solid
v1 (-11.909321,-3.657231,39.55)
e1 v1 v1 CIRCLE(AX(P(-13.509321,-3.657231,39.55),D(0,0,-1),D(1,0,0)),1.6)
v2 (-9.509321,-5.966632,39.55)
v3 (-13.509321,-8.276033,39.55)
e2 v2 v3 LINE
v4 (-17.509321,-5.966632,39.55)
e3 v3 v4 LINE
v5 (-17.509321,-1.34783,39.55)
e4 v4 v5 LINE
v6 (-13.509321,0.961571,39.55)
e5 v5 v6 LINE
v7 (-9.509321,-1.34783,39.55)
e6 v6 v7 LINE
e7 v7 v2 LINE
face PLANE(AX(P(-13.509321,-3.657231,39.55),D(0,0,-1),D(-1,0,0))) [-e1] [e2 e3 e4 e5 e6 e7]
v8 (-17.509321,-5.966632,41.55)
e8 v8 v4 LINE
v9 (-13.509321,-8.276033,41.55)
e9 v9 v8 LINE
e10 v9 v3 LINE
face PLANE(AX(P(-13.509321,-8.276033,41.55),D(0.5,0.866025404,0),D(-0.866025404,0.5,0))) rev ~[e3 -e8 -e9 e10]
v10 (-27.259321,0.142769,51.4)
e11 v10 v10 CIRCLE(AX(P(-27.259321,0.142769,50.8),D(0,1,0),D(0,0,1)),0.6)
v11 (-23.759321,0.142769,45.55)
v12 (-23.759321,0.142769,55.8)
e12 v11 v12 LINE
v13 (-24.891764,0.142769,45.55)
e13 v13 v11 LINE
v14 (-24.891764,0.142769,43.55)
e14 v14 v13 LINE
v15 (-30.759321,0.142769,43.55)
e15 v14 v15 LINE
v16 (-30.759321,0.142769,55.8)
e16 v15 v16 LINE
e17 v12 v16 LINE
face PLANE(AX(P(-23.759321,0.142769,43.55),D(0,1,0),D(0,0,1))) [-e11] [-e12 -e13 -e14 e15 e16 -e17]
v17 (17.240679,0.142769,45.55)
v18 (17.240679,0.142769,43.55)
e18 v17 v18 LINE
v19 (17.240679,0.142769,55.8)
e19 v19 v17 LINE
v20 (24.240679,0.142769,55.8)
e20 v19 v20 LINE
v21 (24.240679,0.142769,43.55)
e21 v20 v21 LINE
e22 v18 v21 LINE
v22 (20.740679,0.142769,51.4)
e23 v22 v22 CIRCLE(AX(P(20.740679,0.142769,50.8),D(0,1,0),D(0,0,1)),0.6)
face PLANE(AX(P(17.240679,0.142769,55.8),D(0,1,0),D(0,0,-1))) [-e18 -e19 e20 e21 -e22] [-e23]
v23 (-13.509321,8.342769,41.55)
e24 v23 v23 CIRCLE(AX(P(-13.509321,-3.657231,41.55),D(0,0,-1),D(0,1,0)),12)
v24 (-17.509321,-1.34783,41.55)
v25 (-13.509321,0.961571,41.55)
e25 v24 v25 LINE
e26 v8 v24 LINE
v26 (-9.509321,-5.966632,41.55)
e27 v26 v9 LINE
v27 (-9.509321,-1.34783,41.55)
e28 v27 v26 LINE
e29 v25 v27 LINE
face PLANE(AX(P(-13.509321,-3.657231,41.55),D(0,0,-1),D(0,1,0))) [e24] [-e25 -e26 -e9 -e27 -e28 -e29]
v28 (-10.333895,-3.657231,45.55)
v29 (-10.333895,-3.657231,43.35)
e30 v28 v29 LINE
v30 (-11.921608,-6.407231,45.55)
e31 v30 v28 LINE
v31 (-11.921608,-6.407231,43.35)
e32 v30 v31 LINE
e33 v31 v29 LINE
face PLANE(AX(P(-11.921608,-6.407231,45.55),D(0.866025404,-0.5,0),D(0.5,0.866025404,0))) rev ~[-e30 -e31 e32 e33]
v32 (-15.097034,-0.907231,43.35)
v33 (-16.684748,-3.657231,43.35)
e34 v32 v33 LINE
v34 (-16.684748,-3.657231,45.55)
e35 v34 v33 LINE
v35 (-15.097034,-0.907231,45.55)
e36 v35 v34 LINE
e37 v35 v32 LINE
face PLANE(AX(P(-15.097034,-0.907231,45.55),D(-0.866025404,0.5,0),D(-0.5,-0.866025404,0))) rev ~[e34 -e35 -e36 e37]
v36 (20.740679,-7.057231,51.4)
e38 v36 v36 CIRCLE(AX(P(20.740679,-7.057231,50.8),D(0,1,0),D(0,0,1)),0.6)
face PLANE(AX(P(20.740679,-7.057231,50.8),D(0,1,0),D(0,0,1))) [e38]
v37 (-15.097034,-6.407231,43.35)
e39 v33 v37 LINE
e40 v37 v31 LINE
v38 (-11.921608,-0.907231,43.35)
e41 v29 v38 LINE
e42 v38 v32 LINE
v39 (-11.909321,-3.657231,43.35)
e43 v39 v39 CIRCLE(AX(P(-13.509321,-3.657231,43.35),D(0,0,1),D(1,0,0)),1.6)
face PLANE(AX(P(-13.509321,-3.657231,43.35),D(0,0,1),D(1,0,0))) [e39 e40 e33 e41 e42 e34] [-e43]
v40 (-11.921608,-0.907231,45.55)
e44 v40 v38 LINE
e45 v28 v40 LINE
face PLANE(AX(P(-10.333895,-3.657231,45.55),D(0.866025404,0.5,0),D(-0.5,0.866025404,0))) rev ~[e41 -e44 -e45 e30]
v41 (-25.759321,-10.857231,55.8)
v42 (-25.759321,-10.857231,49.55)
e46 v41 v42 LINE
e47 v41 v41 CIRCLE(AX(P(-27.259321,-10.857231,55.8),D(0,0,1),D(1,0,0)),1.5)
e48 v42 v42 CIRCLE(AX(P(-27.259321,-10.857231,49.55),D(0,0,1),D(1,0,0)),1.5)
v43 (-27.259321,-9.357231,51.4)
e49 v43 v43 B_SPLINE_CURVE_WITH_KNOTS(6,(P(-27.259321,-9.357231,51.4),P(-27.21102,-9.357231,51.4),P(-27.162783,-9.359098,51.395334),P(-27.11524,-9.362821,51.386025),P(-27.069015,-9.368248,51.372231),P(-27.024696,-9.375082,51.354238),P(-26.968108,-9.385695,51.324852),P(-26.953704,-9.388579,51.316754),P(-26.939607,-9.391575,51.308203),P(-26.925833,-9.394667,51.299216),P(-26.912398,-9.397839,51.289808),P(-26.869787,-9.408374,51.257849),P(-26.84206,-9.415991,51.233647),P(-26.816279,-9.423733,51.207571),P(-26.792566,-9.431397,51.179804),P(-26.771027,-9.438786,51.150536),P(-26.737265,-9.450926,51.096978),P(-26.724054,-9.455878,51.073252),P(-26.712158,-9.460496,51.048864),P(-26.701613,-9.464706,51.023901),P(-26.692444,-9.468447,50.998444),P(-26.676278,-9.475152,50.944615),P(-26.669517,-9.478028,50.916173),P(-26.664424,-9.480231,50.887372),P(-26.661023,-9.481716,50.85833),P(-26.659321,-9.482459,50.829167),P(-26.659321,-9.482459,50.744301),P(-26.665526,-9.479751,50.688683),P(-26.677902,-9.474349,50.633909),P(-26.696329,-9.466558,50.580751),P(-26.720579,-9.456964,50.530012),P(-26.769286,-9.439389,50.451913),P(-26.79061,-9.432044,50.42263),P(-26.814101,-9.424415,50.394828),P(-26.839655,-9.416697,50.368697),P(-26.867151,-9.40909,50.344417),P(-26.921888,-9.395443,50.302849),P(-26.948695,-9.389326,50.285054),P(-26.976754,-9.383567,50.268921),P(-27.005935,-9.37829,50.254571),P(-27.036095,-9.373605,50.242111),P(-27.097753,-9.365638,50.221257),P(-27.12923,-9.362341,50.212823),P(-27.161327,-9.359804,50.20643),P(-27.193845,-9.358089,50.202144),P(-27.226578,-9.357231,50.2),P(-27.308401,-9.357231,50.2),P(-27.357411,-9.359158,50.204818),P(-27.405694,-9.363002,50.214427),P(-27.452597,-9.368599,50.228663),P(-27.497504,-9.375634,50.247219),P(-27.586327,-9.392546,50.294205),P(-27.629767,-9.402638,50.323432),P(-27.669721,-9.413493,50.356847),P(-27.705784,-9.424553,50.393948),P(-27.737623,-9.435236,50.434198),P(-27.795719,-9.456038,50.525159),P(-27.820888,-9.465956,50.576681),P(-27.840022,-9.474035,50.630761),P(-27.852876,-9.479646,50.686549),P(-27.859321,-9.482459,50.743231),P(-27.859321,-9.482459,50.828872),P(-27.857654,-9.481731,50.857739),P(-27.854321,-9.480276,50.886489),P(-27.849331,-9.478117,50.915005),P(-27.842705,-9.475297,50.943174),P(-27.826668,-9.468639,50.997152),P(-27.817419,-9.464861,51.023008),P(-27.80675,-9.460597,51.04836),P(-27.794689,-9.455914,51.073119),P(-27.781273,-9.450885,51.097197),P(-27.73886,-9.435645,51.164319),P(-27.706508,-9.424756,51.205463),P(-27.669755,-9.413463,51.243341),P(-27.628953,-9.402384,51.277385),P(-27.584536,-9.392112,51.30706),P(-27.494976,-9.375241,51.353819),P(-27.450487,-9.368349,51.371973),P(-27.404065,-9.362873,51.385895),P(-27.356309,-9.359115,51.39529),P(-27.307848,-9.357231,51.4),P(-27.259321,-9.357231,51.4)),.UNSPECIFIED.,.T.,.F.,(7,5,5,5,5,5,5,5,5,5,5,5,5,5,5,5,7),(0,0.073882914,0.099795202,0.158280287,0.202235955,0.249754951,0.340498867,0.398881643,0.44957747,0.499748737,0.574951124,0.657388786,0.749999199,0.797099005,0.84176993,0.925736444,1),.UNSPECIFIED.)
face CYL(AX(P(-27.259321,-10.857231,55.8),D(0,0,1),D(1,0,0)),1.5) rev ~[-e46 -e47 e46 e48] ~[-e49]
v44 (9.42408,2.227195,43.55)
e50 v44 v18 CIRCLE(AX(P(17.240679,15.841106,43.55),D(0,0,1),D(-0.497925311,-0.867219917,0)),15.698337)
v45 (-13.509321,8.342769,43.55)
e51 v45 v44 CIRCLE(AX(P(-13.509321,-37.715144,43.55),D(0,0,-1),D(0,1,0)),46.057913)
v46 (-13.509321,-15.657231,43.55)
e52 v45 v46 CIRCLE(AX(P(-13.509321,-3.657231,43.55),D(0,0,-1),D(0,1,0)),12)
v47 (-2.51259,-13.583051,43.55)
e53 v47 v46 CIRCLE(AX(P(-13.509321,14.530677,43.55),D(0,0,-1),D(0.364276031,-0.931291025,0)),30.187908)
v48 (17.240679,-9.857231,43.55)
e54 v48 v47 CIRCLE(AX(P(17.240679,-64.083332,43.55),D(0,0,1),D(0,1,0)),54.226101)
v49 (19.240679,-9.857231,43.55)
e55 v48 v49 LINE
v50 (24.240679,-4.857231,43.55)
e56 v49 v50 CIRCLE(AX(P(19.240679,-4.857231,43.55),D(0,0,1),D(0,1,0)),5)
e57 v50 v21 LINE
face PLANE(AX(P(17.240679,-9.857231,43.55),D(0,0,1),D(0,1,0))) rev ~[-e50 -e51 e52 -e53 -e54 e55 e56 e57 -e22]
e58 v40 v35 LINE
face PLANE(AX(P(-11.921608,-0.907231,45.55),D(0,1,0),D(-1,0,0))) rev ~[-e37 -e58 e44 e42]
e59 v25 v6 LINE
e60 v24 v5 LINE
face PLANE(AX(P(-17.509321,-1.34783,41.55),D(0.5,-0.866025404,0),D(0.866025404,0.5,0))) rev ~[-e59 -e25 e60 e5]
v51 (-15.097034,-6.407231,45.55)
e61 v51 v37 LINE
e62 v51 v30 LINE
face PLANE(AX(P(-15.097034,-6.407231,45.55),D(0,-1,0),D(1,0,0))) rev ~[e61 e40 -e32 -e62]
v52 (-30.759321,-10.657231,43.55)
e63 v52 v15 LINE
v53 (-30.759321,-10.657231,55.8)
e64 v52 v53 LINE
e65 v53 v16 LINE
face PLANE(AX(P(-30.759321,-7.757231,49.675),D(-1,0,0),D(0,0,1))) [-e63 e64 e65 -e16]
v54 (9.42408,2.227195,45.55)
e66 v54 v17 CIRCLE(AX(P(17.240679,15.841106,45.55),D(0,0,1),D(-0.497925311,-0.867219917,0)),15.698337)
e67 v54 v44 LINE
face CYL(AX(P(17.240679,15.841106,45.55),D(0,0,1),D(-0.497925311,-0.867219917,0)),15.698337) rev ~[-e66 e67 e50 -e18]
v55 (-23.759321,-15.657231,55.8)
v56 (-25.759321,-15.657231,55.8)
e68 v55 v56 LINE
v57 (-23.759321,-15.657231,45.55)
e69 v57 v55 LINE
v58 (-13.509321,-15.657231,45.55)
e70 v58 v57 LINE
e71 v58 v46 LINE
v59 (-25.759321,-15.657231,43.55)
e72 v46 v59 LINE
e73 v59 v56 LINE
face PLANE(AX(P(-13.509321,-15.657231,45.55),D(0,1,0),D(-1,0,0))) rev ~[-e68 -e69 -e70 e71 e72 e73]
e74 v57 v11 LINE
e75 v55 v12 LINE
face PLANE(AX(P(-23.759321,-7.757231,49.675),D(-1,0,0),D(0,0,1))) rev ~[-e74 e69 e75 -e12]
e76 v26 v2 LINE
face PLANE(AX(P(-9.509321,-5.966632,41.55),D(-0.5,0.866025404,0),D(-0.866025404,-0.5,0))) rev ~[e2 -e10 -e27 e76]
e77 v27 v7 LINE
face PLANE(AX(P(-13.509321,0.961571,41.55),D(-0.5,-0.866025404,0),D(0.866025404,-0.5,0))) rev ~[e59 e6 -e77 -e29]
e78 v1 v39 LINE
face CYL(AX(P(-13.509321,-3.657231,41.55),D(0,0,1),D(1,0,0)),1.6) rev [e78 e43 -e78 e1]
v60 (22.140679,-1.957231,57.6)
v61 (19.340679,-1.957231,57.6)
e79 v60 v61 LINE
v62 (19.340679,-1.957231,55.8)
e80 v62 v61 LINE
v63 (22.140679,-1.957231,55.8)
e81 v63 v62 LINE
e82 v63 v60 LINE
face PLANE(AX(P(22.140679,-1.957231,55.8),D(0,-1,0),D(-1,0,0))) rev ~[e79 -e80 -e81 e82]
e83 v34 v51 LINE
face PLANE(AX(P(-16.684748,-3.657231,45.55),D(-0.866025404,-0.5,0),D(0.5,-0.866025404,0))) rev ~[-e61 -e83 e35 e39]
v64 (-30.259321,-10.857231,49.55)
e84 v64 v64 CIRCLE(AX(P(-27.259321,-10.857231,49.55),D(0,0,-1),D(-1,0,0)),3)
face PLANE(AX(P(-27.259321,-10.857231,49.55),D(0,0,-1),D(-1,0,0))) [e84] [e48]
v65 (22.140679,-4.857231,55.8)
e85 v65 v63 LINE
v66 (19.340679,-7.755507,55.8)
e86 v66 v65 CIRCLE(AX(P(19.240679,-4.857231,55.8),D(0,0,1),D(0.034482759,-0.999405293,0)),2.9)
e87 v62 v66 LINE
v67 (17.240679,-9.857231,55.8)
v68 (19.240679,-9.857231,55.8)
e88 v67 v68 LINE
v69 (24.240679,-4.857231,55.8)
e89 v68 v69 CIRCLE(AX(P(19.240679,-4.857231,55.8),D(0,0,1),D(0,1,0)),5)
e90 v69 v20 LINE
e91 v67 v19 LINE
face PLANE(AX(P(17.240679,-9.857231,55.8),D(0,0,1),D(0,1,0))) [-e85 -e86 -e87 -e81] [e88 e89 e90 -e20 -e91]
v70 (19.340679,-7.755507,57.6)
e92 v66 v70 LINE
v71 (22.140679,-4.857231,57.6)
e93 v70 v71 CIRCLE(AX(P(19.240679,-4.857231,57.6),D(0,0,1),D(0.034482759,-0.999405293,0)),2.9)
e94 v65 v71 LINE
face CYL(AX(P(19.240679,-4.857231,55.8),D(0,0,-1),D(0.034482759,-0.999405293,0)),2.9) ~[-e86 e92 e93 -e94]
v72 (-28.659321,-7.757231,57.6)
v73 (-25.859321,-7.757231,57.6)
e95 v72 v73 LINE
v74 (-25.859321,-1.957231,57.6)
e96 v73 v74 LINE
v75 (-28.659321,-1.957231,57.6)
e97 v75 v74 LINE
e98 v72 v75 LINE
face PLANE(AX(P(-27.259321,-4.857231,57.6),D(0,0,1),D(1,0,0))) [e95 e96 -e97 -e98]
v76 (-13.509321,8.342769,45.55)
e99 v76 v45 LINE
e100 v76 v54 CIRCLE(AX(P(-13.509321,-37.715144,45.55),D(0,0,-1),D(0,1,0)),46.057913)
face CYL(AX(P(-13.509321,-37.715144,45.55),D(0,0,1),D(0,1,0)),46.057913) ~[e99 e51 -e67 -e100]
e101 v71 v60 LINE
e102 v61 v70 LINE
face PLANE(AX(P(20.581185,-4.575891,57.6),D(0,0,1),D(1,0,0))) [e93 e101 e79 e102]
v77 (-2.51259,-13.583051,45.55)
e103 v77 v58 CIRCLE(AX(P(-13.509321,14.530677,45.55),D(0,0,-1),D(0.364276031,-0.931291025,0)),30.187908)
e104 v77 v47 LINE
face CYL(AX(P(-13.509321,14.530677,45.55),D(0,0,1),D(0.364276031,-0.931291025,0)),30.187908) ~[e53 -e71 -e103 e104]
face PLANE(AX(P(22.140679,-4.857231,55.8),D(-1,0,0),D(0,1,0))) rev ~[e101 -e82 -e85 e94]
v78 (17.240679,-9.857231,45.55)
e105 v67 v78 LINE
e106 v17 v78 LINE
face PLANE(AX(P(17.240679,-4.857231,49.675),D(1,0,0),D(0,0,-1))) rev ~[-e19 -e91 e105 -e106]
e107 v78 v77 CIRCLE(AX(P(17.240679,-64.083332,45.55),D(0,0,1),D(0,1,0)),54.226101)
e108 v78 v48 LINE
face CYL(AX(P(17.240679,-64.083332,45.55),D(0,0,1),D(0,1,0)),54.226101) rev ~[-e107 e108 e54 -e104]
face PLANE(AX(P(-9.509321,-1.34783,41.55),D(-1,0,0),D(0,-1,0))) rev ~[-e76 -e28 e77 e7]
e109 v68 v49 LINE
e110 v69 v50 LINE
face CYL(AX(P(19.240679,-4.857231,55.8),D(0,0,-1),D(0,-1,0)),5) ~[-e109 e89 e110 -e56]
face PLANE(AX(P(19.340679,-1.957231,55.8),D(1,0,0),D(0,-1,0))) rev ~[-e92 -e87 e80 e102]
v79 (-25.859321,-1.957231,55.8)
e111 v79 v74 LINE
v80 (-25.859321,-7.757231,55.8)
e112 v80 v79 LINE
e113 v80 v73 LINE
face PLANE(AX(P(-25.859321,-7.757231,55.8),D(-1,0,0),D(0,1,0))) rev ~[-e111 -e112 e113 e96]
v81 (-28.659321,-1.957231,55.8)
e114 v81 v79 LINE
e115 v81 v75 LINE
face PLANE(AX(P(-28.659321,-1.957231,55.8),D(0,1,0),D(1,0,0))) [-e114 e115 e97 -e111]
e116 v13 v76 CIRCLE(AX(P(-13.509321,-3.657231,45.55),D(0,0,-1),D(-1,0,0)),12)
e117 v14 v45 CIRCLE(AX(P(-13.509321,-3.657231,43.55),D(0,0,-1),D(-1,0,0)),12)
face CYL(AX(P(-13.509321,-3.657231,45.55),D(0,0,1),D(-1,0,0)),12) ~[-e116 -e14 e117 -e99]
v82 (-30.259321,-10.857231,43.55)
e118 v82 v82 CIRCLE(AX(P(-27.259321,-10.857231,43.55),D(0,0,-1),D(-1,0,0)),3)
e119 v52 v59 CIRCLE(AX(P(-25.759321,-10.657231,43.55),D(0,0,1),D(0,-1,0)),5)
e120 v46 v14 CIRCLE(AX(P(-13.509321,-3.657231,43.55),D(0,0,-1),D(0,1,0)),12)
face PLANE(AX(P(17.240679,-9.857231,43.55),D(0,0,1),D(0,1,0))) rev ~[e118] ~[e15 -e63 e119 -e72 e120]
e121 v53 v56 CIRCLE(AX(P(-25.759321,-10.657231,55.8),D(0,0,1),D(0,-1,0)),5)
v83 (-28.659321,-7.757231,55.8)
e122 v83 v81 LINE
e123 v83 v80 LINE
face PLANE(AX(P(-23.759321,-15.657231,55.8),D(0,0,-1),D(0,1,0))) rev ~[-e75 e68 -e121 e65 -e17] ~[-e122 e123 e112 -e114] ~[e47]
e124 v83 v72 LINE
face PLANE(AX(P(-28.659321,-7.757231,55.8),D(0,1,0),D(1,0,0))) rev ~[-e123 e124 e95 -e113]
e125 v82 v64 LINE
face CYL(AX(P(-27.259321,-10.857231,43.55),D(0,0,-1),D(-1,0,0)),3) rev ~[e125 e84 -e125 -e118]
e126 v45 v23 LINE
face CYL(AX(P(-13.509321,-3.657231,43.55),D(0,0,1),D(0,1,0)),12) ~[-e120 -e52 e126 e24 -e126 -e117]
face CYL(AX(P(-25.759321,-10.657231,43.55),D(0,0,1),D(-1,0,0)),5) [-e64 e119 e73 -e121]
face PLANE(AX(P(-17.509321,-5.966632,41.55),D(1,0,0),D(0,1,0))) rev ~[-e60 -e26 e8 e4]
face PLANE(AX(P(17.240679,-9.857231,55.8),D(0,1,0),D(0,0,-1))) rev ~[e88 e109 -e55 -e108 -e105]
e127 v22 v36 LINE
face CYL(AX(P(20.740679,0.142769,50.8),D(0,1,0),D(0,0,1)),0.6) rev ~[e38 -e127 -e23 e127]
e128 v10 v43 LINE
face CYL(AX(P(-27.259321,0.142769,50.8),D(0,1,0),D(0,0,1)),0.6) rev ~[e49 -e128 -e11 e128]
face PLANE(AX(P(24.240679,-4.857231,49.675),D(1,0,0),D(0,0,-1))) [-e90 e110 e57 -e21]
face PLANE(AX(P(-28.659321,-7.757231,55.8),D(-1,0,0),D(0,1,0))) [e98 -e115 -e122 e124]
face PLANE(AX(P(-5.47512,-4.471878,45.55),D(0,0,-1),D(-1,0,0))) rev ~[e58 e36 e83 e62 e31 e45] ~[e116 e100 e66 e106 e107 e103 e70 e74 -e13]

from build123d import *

# Parameters (mm, degrees)
SALIENTE_EXTRUIR1_DEPTH = 2
CROQUIS2_W              = 12.25
CROQUIS2_H              = 10
SALIENTE_EXTRUIR2_DEPTH = 7
REDONDEO1_R             = 5
CROQUIS3_R              = 0.6
CORTAR_EXTRUIR1_DEPTH   = 7.2
SALIENTE_EXTRUIR3_DEPTH = 1.8
CROQUIS5_W              = 12.25
CROQUIS5_H              = 15.8
SALIENTE_EXTRUIR4_DEPTH = 7
REDONDEO2_R             = 5
CROQUIS6_R              = 0.6
CORTAR_EXTRUIR2_DEPTH   = 9.8
CROQUIS7_W              = 2.8
CROQUIS7_H              = 5.8
SALIENTE_EXTRUIR5_DEPTH = 1.8
CROQUIS8_R              = 1.5
CORTAR_EXTRUIR3_DEPTH   = 13.8
CROQUIS9_R              = 3
CORTAR_EXTRUIR4_DEPTH   = 6
CROQUIS10_R             = 12
SALIENTE_EXTRUIR6_DEPTH = 2
CORTAR_EXTRUIR5_DEPTH   = 2.2
CROQUIS12_R             = 1.6
CORTAR_EXTRUIR6_DEPTH   = 4.2
CROQUIS14_R             = 1.6
SALIENTE_EXTRUIR7_DEPTH = 2


with BuildPart() as part:
    # Croquis1 → Saliente-Extruir1 (new body)
    with BuildSketch(Plane(origin=(0, 0, 45.55), x_dir=(-1, 0, 0), z_dir=(0, 0, -1))):
        with BuildLine():
            Line((-17.240678969, 0.142768675), (-17.240678969, -9.857231325))
            ThreePointArc((-17.240678969, -9.857231325), (-7.189890991, -10.796826624), (2.512589694, -13.583051105))
            ThreePointArc((2.512589694, -13.583051105), (7.914003263, -15.134154499), (13.509321031, -15.657231325))
            Line((13.509321031, -15.657231325), (25.509321031, -15.657231325))
            Line((25.509321031, -15.657231325), (25.509321031, -3.657231325))
            ThreePointArc((25.509321031, -3.657231325), (21.994602405, 4.82805005), (13.509321031, 8.342768675))
            ThreePointArc((13.509321031, 8.342768675), (1.641917085, 6.787620461), (-9.424079639, 2.227195163))
            ThreePointArc((-9.424079639, 2.227195163), (-13.195803851, 0.672823972), (-17.240678969, 0.142768675))
        make_face()
    extrude(amount=SALIENTE_EXTRUIR1_DEPTH)

    # Croquis2 → Saliente-Extruir2 (add)
    with BuildSketch(Plane(origin=(17.240678969, 0, 0), x_dir=(0, 0, -1), z_dir=(1, 0, 0))):
        with Locations((-49.675, -4.857231325)):
            Rectangle(CROQUIS2_W, CROQUIS2_H)
    extrude(amount=SALIENTE_EXTRUIR2_DEPTH)

    # Redondeo1
    redondeo1_edges = [part.edges().sort_by_distance(p)[0] for p in [
        (24.240678969, -9.857231325, 49.675),
    ]]
    fillet(redondeo1_edges, radius=REDONDEO1_R)

    # Croquis3 → Cortar-Extruir1 (cut)
    with BuildSketch(Plane(origin=(0, 0.142768675, 0), x_dir=(1, 0, 0), z_dir=(0, 1, 0))):
        with Locations(Location((20.740678969, -50.8, 0), (0, 0, 270))):
            Circle(CROQUIS3_R)
    extrude(amount=-CORTAR_EXTRUIR1_DEPTH, mode=Mode.SUBTRACT)

    # Croquis4 → Saliente-Extruir3 (add)
    with BuildSketch(Plane.XY.offset(55.8)):
        with BuildLine():
            Line((19.340678969, -1.957231325), (19.340678969, -7.755506674))
            ThreePointArc((19.340678969, -7.755506674), (21.32634433, -6.872175493), (22.140678969, -4.857231325))
            Line((22.140678969, -4.857231325), (22.140678969, -1.957231325))
            Line((22.140678969, -1.957231325), (19.340678969, -1.957231325))
        make_face()
    extrude(amount=SALIENTE_EXTRUIR3_DEPTH)

    # Croquis5 → Saliente-Extruir4 (add)
    with BuildSketch(Plane.ZY.offset(23.759321031)):
        with Locations((49.675, -7.757231325)):
            Rectangle(CROQUIS5_W, CROQUIS5_H)
    extrude(amount=SALIENTE_EXTRUIR4_DEPTH)

    # Redondeo2
    redondeo2_edges = [part.edges().sort_by_distance(p)[0] for p in [
        (-30.759321031, -15.657231325, 49.675),
    ]]
    fillet(redondeo2_edges, radius=REDONDEO2_R)

    # Croquis6 → Cortar-Extruir2 (cut)
    with BuildSketch(Plane(origin=(0, 0.142768675, 0), x_dir=(1, 0, 0), z_dir=(0, 1, 0))):
        with Locations(Location((-27.259321031, -50.8, 0), (0, 0, 270))):
            Circle(CROQUIS6_R)
    extrude(amount=-CORTAR_EXTRUIR2_DEPTH, mode=Mode.SUBTRACT)

    # Croquis7 → Saliente-Extruir5 (add)
    with BuildSketch(Plane.XY.offset(55.8)):
        with Locations((-27.259321031, -4.857231325)):
            Rectangle(CROQUIS7_W, CROQUIS7_H)
    extrude(amount=SALIENTE_EXTRUIR5_DEPTH)

    # Croquis8 → Cortar-Extruir3 (cut)
    with BuildSketch(Plane.XY.offset(55.8)):
        with Locations((-27.259321031, -10.857231325)):
            Circle(CROQUIS8_R)
    extrude(amount=-CORTAR_EXTRUIR3_DEPTH, mode=Mode.SUBTRACT)

    # Croquis9 → Cortar-Extruir4 (cut)
    with BuildSketch(Plane(origin=(0, 0, 43.55), x_dir=(-1, 0, 0), z_dir=(0, 0, -1))):
        with Locations((27.259321031, -10.857231325)):
            Circle(CROQUIS9_R)
    extrude(amount=-CORTAR_EXTRUIR4_DEPTH, mode=Mode.SUBTRACT)

    # Croquis10 → Saliente-Extruir6 (add)
    with BuildSketch(Plane(origin=(0, 0, 43.55), x_dir=(-1, 0, 0), z_dir=(0, 0, -1))):
        with Locations(Location((13.509321031, -3.657231325, 0), (0, 0, 90))):
            Circle(CROQUIS10_R)
    extrude(amount=SALIENTE_EXTRUIR6_DEPTH)

    # Croquis11 → Cortar-Extruir5 (cut)
    with BuildSketch(Plane.XY.offset(45.55)):
        Polygon((-15.097034272, -0.907231325), (-16.684747512, -3.657231325), (-15.097034272, -6.407231325), (-11.921607791, -6.407231325), (-10.333894551, -3.657231325), (-11.921607791, -0.907231325), align=None)
    extrude(amount=-CORTAR_EXTRUIR5_DEPTH, mode=Mode.SUBTRACT)

    # Croquis12 → Cortar-Extruir6 (cut)
    with BuildSketch(Plane.XY.offset(45.55)):
        with Locations((-13.509321031, -3.657231325)):
            Circle(CROQUIS12_R)
    extrude(amount=-CORTAR_EXTRUIR6_DEPTH, mode=Mode.SUBTRACT)

    # Croquis14 → Saliente-Extruir7 (add)
    with BuildSketch(Plane(origin=(0, 0, 41.55), x_dir=(-1, 0, 0), z_dir=(0, 0, -1))):
        Polygon((13.509321031, 0.961570829), (9.509321031, -1.347830248), (9.509321031, -5.966632401), (13.509321031, -8.276033478), (17.509321031, -5.966632401), (17.509321031, -1.347830248), align=None)
        with Locations(Location((13.509321031, -3.657231325, 0), (0, 0, 180))):
            Circle(CROQUIS14_R, mode=Mode.SUBTRACT)
    extrude(amount=SALIENTE_EXTRUIR7_DEPTH)


solid = part.part
